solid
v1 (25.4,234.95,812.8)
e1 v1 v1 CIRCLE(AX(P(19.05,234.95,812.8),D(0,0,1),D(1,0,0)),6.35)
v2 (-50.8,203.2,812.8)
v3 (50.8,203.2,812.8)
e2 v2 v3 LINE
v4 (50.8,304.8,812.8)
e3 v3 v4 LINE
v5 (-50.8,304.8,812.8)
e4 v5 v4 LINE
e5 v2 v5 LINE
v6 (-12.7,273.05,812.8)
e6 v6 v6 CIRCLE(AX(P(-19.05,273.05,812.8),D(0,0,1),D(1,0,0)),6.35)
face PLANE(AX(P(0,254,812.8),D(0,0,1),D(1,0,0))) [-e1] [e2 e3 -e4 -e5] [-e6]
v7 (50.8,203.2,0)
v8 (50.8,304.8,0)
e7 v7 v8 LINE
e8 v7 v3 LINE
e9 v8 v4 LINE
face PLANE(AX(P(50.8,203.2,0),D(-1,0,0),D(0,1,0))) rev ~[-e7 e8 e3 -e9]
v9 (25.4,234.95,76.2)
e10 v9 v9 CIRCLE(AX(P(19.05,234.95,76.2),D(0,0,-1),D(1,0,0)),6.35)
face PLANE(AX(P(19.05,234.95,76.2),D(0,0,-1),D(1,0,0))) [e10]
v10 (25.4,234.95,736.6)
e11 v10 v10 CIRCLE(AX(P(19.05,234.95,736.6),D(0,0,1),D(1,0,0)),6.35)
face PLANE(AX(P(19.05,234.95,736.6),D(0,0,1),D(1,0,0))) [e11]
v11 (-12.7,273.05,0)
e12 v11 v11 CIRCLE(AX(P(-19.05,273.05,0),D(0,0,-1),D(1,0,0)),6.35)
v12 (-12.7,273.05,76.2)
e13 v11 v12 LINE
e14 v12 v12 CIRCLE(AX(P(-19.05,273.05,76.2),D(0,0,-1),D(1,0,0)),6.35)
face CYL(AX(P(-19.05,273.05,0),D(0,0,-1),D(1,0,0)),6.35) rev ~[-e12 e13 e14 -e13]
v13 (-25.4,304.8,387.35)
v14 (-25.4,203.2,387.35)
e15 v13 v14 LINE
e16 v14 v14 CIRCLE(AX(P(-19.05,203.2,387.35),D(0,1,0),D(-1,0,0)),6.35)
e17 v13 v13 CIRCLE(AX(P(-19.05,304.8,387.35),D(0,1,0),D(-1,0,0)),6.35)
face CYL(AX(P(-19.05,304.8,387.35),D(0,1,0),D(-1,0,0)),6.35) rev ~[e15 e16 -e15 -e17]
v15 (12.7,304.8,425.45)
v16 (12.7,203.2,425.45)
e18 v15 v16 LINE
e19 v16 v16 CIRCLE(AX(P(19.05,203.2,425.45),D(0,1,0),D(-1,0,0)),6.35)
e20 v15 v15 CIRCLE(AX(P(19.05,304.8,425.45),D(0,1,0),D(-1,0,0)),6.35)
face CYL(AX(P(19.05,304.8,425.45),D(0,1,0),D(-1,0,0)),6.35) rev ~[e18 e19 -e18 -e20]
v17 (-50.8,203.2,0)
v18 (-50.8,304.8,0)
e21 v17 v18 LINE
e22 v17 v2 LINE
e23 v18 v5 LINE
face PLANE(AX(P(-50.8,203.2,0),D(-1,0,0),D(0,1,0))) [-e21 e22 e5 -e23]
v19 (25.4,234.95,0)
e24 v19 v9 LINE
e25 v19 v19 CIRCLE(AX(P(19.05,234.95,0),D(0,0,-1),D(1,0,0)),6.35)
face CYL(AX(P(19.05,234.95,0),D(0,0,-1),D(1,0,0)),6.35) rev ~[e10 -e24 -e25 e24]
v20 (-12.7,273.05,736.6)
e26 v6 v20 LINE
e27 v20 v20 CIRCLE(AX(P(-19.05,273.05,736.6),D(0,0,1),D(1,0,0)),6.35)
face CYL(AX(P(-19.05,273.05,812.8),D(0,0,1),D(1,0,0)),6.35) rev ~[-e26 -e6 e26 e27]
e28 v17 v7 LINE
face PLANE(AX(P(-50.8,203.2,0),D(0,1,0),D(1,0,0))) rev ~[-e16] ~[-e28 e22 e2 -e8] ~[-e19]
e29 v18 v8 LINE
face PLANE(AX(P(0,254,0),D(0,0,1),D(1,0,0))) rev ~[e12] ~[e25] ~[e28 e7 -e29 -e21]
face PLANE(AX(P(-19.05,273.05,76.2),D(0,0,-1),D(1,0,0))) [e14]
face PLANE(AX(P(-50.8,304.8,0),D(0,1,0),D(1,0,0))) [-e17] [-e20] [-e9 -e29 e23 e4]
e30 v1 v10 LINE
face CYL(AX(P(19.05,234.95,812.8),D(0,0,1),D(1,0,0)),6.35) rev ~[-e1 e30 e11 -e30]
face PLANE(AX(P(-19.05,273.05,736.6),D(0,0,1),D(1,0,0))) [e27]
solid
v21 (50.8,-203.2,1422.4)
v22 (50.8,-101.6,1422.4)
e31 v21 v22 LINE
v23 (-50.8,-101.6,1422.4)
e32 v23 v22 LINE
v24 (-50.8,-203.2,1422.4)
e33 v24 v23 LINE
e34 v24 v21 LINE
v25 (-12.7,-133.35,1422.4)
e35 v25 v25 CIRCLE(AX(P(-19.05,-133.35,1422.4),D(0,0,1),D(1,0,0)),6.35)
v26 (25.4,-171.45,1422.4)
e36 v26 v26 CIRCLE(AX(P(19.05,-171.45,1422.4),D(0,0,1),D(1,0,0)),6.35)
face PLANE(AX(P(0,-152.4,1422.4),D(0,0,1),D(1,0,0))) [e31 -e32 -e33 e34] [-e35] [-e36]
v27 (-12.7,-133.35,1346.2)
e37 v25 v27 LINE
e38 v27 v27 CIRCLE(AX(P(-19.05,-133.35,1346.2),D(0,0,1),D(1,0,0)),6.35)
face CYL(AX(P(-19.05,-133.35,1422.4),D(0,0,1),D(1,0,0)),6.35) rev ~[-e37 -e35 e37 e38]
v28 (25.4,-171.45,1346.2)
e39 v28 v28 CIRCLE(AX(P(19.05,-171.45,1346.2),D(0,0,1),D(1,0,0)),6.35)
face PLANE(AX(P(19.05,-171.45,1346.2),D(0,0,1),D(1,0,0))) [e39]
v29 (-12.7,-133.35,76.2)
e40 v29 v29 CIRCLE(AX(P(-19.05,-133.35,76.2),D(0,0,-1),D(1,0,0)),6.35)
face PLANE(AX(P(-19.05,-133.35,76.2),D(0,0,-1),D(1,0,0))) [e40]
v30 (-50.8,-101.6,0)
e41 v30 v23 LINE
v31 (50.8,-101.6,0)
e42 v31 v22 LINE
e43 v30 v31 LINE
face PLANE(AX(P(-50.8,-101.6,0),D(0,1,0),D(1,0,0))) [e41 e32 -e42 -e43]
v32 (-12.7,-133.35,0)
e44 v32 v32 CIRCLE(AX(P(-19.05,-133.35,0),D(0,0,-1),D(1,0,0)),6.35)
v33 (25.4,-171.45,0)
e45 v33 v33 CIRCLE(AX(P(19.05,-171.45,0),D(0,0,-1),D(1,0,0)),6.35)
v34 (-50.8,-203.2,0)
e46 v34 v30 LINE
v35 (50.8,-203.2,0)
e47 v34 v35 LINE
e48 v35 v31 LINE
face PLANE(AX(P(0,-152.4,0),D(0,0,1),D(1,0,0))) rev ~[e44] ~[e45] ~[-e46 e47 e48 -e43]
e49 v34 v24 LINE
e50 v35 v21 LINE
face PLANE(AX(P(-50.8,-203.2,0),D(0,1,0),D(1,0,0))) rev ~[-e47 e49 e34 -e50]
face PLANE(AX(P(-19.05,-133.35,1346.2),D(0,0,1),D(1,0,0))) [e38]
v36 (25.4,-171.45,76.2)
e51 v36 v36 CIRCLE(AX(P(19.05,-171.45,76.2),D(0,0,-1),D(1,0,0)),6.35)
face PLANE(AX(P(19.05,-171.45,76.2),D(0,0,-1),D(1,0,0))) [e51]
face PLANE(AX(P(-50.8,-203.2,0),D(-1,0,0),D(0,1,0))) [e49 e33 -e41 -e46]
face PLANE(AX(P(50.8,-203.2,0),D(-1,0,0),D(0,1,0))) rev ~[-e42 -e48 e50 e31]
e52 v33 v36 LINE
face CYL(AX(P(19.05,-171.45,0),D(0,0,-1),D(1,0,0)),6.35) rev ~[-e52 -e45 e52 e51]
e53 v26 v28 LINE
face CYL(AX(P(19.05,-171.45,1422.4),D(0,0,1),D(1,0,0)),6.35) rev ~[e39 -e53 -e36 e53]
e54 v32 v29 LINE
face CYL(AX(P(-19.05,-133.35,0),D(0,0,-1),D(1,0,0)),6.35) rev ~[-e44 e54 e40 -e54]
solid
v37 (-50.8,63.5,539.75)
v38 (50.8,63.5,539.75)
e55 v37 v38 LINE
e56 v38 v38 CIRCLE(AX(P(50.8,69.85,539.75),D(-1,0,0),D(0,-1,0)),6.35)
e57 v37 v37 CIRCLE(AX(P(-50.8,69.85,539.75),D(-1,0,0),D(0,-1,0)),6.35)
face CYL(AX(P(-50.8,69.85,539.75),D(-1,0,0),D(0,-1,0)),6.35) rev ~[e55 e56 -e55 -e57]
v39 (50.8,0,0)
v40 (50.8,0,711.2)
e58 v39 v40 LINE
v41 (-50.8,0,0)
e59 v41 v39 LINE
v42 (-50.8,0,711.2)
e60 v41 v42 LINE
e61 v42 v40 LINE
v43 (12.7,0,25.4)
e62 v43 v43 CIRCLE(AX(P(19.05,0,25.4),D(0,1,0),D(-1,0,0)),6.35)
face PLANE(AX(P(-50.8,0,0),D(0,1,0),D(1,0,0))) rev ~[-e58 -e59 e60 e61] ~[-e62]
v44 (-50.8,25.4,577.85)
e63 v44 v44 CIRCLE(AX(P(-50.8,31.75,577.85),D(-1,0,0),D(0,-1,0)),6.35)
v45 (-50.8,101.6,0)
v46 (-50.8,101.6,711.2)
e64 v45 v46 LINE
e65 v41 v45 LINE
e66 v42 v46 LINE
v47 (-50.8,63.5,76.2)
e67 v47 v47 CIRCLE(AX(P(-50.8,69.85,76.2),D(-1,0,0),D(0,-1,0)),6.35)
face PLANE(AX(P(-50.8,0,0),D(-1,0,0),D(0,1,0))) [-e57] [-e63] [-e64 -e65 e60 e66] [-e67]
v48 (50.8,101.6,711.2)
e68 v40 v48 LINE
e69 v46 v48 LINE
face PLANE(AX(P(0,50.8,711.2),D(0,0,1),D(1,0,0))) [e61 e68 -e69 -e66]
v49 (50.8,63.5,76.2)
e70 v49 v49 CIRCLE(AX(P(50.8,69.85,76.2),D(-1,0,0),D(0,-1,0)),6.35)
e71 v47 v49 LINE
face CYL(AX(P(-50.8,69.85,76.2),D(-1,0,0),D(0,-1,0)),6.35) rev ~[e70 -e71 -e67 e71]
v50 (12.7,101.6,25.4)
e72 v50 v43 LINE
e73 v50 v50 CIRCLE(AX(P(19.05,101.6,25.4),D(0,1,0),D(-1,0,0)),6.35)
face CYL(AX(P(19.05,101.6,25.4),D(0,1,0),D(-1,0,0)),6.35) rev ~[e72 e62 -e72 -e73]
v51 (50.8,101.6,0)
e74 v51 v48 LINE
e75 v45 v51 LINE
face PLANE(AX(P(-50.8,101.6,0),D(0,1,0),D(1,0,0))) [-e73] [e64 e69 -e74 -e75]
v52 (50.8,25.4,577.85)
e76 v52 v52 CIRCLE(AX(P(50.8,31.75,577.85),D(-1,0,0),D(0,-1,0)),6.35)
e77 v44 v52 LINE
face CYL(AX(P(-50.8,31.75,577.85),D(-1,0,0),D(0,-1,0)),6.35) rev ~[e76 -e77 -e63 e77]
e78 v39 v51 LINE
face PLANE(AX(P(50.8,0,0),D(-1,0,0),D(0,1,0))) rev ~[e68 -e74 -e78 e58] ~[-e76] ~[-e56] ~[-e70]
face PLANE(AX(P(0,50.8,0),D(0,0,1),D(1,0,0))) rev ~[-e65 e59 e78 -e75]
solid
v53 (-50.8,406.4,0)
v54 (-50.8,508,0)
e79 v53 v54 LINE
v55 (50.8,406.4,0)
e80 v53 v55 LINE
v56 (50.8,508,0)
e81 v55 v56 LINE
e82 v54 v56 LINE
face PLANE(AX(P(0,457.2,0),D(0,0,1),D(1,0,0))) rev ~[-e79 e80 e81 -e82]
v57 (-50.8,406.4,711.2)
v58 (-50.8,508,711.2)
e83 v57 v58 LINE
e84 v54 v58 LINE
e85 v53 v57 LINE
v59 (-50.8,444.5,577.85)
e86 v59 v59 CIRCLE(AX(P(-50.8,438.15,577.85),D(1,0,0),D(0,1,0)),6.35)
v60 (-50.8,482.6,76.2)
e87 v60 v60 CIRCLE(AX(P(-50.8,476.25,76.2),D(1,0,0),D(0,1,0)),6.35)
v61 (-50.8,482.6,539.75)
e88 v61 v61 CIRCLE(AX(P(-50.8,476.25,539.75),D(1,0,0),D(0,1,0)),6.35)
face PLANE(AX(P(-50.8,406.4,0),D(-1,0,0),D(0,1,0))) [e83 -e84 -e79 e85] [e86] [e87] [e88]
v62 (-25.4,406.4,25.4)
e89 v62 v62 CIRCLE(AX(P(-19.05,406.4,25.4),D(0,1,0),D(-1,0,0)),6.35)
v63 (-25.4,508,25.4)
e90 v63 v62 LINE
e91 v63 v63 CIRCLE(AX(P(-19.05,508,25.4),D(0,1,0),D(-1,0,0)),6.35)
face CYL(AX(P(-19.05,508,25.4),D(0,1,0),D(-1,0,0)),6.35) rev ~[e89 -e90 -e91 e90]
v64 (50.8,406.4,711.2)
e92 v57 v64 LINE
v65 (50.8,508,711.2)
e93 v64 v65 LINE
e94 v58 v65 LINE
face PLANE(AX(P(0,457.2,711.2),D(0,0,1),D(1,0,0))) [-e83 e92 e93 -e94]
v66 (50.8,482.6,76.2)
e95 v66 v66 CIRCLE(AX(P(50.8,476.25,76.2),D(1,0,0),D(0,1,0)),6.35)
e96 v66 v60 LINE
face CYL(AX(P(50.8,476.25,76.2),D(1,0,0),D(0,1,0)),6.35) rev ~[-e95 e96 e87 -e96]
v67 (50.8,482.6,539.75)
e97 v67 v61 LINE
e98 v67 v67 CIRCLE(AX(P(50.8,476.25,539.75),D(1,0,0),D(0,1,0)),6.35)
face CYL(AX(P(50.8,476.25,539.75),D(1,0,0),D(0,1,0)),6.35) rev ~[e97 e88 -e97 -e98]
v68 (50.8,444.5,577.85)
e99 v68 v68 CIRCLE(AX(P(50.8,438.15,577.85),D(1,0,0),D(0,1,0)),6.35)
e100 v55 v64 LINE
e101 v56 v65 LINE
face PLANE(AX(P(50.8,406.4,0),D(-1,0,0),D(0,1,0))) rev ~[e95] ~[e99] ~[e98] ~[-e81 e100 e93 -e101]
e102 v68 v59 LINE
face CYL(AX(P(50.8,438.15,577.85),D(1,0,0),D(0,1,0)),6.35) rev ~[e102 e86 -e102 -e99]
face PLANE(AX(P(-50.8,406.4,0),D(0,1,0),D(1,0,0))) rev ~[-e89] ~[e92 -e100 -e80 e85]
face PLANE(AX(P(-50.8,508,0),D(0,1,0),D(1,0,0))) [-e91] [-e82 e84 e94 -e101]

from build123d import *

# Parameters (mm, degrees)
F0_W      = 101.6
F0_H      = 101.6
F1_DEPTH  = 711.2
F2_W      = 101.6
F2_H      = 101.6
F3_DEPTH  = 1422.4
F4_W      = 101.6
F4_H      = 101.6
F5_DEPTH  = 812.8
F6_R      = 6.35
F7_DEPTH  = 304.801
F8_R      = 6.35
F9_DEPTH  = 101.601
F10_R     = 6.35
F11_DEPTH = 101.601
F12_R     = 6.35
F13_DEPTH = 76.2
F14_R     = 6.35
F15_DEPTH = 508.001
F16_R     = 6.35
F17_DEPTH = 76.2
F18_R     = 6.35
F19_DEPTH = 76.2
F20_R     = 6.35
F21_DEPTH = 76.2
F22_W     = 101.6
F22_H     = 101.6
F23_DEPTH = 711.2
F24_R     = 6.35
F25_DEPTH = 101.601
F26_R     = 6.35
F27_DEPTH = 711.201
F28_R     = 6.35
F29_DEPTH = 101.601


with BuildPart() as f1:
    # F0 (on Top) → F1 (new body)
    with BuildSketch(Plane.XY):
        with Locations((0, 50.8)):
            Rectangle(F0_W, F0_H)
    extrude(amount=F1_DEPTH)

    # F6 (on face) → F7 (cut, through all)
    with BuildSketch(Plane(origin=(0, 101.6, 0), x_dir=(-1, 0, 0), z_dir=(0, 1, 0))):
        with Locations((-19.05, 25.4)):
            Circle(F6_R)
    extrude(amount=-F7_DEPTH, mode=Mode.SUBTRACT)

    # F8 (on face) → F9 (cut, through all)
    with BuildSketch(Plane(origin=(-50.8, 0, 0), x_dir=(0, -1, 0), z_dir=(-1, 0, 0))):
        with Locations((-69.85, 76.2)):
            Circle(F8_R)
    extrude(amount=-F9_DEPTH, mode=Mode.SUBTRACT)

    # F10 (on face) → F11 (cut, through all)
    with BuildSketch(Plane(origin=(-50.8, 0, 0), x_dir=(0, -1, 0), z_dir=(-1, 0, 0))):
        with Locations((-31.75, 577.85)):
            Circle(F10_R)
        with Locations((-69.85, 539.75)):
            Circle(F10_R)
    extrude(amount=-F11_DEPTH, mode=Mode.SUBTRACT)


with BuildPart() as f3:
    # F2 (on Top) → F3 (new body)
    with BuildSketch(Plane.XY):
        with Locations((0, -152.4)):
            Rectangle(F2_W, F2_H)
    extrude(amount=F3_DEPTH)

    # F12 (on face) → F13 (cut)
    with BuildSketch(Plane(origin=(0, 0, 0), x_dir=(1, 0, 0), z_dir=(0, 0, -1))):
        with Locations((19.05, 171.45)):
            Circle(F12_R)
        with Locations((-19.05, 133.35)):
            Circle(F12_R)
    extrude(amount=-F13_DEPTH, mode=Mode.SUBTRACT)

    # F16 (on face) → F17 (cut)
    with BuildSketch(Plane.XY.offset(1422.4)):
        with Locations((-19.05, -133.35)):
            Circle(F16_R)
        with Locations((19.05, -171.45)):
            Circle(F16_R)
    extrude(amount=-F17_DEPTH, mode=Mode.SUBTRACT)


with BuildPart() as f5:
    # F4 (on Top) → F5 (new body)
    with BuildSketch(Plane.XY):
        with Locations((0, 254)):
            Rectangle(F4_W, F4_H)
    extrude(amount=F5_DEPTH)

    # F14 (on face) → F15 (cut, through all)
    with BuildSketch(Plane(origin=(0, 304.8, 0), x_dir=(-1, 0, 0), z_dir=(0, 1, 0))):
        with Locations((19.05, 387.35)):
            Circle(F14_R)
        with Locations((-19.05, 425.45)):
            Circle(F14_R)
    extrude(amount=-F15_DEPTH, mode=Mode.SUBTRACT)

    # F18 (on face) → F19 (cut)
    with BuildSketch(Plane.XY.offset(812.8)):
        with Locations((-19.05, 273.05)):
            Circle(F18_R)
        with Locations((19.05, 234.95)):
            Circle(F18_R)
    extrude(amount=-F19_DEPTH, mode=Mode.SUBTRACT)

    # F20 (on face) → F21 (cut)
    with BuildSketch(Plane(origin=(0, 0, 0), x_dir=(1, 0, 0), z_dir=(0, 0, -1))):
        with Locations((19.05, -234.95)):
            Circle(F20_R)
        with Locations((-19.05, -273.05)):
            Circle(F20_R)
    extrude(amount=-F21_DEPTH, mode=Mode.SUBTRACT)


with BuildPart() as f23:
    # F22 (on Top) → F23 (new body)
    with BuildSketch(Plane.XY):
        with Locations((0, 457.2)):
            Rectangle(F22_W, F22_H)
    extrude(amount=F23_DEPTH)

    # F24 (on face) → F25 (cut, through all)
    with BuildSketch(Plane.YZ.offset(50.8)):
        with Locations((476.25, 539.75)):
            Circle(F24_R)
        with Locations((438.15, 577.85)):
            Circle(F24_R)
    extrude(amount=-F25_DEPTH, mode=Mode.SUBTRACT)

    # F26 (on face) → F27 (cut, through all)
    with BuildSketch(Plane(origin=(0, 508, 0), x_dir=(-1, 0, 0), z_dir=(0, 1, 0))):
        with Locations((19.05, 25.4)):
            Circle(F26_R)
    extrude(amount=-F27_DEPTH, mode=Mode.SUBTRACT)

    # F28 (on face) → F29 (cut, through all)
    with BuildSketch(Plane.YZ.offset(50.8)):
        with Locations((476.25, 76.2)):
            Circle(F28_R)
    extrude(amount=-F29_DEPTH, mode=Mode.SUBTRACT)


solid = Compound([f1.part, f3.part, f5.part, f23.part])
